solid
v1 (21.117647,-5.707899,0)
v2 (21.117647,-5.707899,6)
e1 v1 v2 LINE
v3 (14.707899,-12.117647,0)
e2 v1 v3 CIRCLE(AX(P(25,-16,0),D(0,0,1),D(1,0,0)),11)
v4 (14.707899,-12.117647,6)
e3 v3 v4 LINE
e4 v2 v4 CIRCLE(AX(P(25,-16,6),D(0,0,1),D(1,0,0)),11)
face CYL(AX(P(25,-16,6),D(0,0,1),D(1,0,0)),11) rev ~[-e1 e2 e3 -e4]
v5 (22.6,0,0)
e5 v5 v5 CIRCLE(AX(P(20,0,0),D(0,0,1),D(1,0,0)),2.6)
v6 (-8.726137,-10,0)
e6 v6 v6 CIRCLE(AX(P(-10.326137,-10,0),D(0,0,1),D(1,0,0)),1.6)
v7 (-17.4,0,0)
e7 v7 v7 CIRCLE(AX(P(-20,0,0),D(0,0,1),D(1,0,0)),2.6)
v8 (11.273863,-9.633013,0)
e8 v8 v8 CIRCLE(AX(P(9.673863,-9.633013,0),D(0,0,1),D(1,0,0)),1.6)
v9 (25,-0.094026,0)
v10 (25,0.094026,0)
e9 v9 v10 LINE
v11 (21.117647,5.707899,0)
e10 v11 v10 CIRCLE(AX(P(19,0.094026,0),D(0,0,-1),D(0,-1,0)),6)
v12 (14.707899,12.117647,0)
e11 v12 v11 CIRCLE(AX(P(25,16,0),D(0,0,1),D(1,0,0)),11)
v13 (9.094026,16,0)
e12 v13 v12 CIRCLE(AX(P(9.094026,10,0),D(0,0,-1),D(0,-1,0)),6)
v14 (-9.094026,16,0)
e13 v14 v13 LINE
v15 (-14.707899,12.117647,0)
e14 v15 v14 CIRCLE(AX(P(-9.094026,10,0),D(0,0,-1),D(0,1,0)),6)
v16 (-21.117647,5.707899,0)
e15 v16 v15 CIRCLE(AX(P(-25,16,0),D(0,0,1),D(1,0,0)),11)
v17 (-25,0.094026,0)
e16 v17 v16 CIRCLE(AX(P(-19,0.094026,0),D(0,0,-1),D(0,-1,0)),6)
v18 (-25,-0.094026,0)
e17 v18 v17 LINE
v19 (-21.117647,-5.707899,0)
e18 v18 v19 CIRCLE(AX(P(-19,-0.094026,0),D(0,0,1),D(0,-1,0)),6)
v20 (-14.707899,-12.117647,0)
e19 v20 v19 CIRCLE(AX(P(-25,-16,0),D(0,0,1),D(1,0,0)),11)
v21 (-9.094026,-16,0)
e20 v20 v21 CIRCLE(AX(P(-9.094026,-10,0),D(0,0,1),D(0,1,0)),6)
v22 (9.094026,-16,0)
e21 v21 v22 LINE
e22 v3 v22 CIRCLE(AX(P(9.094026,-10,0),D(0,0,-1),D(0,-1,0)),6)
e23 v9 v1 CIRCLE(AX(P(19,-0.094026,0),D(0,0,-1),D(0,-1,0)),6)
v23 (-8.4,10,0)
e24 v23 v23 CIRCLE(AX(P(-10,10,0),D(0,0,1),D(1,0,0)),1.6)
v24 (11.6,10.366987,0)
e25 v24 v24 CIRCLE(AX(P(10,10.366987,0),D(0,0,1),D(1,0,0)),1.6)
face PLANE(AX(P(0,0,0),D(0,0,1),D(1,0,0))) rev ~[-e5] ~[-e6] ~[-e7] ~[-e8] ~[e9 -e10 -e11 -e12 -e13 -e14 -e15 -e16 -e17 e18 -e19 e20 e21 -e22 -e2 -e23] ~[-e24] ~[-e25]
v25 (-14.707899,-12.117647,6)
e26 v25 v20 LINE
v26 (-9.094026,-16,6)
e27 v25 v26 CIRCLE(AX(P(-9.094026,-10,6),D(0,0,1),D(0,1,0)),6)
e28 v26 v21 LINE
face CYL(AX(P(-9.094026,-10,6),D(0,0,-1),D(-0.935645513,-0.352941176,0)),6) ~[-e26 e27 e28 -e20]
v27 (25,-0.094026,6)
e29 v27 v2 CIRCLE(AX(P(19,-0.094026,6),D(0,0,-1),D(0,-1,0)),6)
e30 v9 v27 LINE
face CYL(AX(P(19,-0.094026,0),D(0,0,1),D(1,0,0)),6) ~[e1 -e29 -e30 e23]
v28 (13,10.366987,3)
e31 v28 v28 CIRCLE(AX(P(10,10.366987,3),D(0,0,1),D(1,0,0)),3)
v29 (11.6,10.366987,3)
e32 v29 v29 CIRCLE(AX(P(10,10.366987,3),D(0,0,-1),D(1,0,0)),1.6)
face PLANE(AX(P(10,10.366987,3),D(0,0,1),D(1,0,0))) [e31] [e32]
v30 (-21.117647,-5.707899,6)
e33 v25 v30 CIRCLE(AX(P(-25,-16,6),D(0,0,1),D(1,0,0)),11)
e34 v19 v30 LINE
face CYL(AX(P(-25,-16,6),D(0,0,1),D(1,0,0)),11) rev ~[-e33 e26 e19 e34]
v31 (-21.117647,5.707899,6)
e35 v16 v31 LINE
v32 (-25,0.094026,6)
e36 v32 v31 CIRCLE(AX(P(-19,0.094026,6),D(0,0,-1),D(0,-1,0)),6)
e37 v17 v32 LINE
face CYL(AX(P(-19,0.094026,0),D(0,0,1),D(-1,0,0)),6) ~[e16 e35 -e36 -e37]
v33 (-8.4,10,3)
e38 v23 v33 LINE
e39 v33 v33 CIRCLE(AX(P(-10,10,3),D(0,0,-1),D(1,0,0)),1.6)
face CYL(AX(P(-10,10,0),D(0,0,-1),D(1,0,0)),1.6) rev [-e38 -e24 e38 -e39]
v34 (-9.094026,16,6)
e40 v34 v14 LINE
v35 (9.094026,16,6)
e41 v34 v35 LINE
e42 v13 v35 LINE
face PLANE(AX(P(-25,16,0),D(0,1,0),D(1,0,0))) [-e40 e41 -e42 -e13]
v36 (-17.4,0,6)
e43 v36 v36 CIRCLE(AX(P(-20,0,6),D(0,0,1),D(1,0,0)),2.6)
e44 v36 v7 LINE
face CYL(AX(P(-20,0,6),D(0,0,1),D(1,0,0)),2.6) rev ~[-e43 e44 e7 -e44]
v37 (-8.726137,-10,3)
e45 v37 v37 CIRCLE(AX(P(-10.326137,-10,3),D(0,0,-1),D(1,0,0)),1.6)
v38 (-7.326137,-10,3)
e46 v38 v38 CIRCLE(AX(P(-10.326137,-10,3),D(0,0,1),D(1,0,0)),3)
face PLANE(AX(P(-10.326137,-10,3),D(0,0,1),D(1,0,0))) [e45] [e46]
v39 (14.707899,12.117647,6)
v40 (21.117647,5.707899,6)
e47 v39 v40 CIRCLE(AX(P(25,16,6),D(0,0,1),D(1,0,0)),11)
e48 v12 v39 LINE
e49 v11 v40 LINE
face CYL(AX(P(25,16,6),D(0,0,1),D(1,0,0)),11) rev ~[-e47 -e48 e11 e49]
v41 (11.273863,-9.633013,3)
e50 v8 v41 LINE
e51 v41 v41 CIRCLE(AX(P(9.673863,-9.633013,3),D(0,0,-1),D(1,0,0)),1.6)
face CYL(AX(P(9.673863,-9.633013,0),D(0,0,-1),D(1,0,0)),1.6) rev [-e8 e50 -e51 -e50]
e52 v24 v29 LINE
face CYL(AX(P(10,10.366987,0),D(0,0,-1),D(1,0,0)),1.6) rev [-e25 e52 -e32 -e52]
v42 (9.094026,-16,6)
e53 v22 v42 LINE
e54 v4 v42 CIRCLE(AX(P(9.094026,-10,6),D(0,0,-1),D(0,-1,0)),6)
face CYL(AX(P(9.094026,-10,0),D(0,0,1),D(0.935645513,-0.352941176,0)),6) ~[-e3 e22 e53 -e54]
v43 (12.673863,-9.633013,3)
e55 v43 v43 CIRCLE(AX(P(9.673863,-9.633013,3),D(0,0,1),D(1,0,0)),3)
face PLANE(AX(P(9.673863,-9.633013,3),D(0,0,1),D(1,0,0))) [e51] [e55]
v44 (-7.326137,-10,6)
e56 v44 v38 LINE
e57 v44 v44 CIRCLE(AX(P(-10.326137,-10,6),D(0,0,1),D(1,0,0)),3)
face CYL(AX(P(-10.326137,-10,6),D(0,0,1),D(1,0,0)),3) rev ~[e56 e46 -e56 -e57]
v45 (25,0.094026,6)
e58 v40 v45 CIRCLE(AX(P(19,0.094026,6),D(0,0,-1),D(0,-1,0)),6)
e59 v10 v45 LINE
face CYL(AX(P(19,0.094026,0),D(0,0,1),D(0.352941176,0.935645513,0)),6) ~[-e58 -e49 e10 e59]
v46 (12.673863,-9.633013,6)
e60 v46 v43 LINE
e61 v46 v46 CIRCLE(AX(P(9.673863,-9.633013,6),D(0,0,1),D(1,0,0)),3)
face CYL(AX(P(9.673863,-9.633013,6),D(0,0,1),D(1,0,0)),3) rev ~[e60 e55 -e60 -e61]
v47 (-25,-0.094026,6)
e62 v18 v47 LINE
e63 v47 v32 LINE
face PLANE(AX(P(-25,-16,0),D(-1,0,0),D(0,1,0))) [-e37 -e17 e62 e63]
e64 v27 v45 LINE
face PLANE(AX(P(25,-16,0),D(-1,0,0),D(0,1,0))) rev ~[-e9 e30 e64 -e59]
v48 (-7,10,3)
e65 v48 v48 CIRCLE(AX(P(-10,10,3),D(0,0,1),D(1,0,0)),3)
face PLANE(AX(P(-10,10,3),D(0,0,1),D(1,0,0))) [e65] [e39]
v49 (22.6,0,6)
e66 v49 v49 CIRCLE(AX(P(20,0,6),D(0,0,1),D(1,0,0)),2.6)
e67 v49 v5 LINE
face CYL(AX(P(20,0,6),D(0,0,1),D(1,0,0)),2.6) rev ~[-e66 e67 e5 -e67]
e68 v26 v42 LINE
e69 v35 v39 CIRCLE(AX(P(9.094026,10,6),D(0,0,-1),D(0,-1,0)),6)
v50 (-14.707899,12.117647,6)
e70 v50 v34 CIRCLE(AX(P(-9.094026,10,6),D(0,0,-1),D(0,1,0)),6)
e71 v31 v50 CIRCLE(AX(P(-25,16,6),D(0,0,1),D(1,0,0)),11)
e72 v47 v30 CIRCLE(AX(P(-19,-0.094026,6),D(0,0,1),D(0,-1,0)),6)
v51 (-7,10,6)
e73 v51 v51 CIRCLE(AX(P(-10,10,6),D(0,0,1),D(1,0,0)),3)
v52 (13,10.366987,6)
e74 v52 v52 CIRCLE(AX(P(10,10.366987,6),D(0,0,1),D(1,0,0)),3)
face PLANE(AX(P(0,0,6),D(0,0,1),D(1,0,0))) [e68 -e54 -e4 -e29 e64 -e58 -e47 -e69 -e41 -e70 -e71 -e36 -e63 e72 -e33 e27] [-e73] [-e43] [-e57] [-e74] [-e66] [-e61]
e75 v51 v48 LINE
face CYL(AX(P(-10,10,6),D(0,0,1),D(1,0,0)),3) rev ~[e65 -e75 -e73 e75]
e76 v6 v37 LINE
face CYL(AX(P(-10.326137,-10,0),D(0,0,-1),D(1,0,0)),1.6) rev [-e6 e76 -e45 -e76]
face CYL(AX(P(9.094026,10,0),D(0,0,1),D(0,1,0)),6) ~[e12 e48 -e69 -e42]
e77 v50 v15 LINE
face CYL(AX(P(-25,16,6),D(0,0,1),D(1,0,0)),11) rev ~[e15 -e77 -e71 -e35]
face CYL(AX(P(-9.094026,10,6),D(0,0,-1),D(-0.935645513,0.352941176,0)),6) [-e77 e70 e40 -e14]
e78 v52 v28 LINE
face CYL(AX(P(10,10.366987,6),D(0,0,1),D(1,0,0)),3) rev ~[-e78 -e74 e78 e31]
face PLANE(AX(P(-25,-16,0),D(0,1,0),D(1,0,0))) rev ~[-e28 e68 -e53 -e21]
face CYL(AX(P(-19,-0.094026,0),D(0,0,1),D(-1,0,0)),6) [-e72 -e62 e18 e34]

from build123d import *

# Parameters (mm, degrees)
F0_W     = 50
F0_H     = 32
F0_R     = 1.6
F1_DEPTH = 6
F2_R     = 3
F3_DEPTH = 3
F4_R     = 2.6
F5_DEPTH = 25.4
F6_R     = 11
F7_DEPTH = 25.4
F8_R     = 6


with BuildPart() as f1:
    # F0 (on Top) → F1 (new body)
    with BuildSketch(Plane.XY):
        Rectangle(F0_W, F0_H)
        with Locations((-10.3261368227, -10)):
            Circle(F0_R, mode=Mode.SUBTRACT)
        with Locations((9.6738631773, -9.6330129863)):
            Circle(F0_R, mode=Mode.SUBTRACT)
        with Locations((-10, 10)):
            Circle(F0_R, mode=Mode.SUBTRACT)
        with Locations((10, 10.3669870137)):
            Circle(F0_R, mode=Mode.SUBTRACT)
    extrude(amount=F1_DEPTH)

    # F2 (on face) → F3 (cut)
    with BuildSketch(Plane.XY.offset(6)):
        with Locations((-10, 10)):
            Circle(F2_R)
        with Locations((-10.3261368227, -10)):
            Circle(F2_R)
        with Locations((9.6738631773, -9.6330129863)):
            Circle(F2_R)
        with Locations((10, 10.3669870137)):
            Circle(F2_R)
    extrude(amount=-F3_DEPTH, mode=Mode.SUBTRACT)

    # F4 (on face) → F5 (cut)
    with BuildSketch(Plane.XY.offset(6)):
        with Locations((-20, 0)):
            Circle(F4_R)
        with Locations((20, 0)):
            Circle(F4_R)
    extrude(amount=-F5_DEPTH, mode=Mode.SUBTRACT)

    # F6 (on face) → F7 (cut)
    with BuildSketch(Plane.XY.offset(6)):
        with Locations((-25, 16)):
            Circle(F6_R)
        with Locations((25, 16)):
            Circle(F6_R)
        with Locations((25, -16)):
            Circle(F6_R)
        with Locations((-25, -16)):
            Circle(F6_R)
    extrude(amount=-F7_DEPTH, mode=Mode.SUBTRACT)

    # F8
    f8_edges = [f1.edges().sort_by_distance(p)[0] for p in [
        (-14, -16, 3),
        (-25, -5, 3),
        (14, -16, 3),
        (25, -5, 3),
        (25, 5, 3),
        (14, 16, 3),
        (-14, 16, 3),
        (-25, 5, 3),
    ]]
    fillet(f8_edges, radius=F8_R)


solid = f1.part
